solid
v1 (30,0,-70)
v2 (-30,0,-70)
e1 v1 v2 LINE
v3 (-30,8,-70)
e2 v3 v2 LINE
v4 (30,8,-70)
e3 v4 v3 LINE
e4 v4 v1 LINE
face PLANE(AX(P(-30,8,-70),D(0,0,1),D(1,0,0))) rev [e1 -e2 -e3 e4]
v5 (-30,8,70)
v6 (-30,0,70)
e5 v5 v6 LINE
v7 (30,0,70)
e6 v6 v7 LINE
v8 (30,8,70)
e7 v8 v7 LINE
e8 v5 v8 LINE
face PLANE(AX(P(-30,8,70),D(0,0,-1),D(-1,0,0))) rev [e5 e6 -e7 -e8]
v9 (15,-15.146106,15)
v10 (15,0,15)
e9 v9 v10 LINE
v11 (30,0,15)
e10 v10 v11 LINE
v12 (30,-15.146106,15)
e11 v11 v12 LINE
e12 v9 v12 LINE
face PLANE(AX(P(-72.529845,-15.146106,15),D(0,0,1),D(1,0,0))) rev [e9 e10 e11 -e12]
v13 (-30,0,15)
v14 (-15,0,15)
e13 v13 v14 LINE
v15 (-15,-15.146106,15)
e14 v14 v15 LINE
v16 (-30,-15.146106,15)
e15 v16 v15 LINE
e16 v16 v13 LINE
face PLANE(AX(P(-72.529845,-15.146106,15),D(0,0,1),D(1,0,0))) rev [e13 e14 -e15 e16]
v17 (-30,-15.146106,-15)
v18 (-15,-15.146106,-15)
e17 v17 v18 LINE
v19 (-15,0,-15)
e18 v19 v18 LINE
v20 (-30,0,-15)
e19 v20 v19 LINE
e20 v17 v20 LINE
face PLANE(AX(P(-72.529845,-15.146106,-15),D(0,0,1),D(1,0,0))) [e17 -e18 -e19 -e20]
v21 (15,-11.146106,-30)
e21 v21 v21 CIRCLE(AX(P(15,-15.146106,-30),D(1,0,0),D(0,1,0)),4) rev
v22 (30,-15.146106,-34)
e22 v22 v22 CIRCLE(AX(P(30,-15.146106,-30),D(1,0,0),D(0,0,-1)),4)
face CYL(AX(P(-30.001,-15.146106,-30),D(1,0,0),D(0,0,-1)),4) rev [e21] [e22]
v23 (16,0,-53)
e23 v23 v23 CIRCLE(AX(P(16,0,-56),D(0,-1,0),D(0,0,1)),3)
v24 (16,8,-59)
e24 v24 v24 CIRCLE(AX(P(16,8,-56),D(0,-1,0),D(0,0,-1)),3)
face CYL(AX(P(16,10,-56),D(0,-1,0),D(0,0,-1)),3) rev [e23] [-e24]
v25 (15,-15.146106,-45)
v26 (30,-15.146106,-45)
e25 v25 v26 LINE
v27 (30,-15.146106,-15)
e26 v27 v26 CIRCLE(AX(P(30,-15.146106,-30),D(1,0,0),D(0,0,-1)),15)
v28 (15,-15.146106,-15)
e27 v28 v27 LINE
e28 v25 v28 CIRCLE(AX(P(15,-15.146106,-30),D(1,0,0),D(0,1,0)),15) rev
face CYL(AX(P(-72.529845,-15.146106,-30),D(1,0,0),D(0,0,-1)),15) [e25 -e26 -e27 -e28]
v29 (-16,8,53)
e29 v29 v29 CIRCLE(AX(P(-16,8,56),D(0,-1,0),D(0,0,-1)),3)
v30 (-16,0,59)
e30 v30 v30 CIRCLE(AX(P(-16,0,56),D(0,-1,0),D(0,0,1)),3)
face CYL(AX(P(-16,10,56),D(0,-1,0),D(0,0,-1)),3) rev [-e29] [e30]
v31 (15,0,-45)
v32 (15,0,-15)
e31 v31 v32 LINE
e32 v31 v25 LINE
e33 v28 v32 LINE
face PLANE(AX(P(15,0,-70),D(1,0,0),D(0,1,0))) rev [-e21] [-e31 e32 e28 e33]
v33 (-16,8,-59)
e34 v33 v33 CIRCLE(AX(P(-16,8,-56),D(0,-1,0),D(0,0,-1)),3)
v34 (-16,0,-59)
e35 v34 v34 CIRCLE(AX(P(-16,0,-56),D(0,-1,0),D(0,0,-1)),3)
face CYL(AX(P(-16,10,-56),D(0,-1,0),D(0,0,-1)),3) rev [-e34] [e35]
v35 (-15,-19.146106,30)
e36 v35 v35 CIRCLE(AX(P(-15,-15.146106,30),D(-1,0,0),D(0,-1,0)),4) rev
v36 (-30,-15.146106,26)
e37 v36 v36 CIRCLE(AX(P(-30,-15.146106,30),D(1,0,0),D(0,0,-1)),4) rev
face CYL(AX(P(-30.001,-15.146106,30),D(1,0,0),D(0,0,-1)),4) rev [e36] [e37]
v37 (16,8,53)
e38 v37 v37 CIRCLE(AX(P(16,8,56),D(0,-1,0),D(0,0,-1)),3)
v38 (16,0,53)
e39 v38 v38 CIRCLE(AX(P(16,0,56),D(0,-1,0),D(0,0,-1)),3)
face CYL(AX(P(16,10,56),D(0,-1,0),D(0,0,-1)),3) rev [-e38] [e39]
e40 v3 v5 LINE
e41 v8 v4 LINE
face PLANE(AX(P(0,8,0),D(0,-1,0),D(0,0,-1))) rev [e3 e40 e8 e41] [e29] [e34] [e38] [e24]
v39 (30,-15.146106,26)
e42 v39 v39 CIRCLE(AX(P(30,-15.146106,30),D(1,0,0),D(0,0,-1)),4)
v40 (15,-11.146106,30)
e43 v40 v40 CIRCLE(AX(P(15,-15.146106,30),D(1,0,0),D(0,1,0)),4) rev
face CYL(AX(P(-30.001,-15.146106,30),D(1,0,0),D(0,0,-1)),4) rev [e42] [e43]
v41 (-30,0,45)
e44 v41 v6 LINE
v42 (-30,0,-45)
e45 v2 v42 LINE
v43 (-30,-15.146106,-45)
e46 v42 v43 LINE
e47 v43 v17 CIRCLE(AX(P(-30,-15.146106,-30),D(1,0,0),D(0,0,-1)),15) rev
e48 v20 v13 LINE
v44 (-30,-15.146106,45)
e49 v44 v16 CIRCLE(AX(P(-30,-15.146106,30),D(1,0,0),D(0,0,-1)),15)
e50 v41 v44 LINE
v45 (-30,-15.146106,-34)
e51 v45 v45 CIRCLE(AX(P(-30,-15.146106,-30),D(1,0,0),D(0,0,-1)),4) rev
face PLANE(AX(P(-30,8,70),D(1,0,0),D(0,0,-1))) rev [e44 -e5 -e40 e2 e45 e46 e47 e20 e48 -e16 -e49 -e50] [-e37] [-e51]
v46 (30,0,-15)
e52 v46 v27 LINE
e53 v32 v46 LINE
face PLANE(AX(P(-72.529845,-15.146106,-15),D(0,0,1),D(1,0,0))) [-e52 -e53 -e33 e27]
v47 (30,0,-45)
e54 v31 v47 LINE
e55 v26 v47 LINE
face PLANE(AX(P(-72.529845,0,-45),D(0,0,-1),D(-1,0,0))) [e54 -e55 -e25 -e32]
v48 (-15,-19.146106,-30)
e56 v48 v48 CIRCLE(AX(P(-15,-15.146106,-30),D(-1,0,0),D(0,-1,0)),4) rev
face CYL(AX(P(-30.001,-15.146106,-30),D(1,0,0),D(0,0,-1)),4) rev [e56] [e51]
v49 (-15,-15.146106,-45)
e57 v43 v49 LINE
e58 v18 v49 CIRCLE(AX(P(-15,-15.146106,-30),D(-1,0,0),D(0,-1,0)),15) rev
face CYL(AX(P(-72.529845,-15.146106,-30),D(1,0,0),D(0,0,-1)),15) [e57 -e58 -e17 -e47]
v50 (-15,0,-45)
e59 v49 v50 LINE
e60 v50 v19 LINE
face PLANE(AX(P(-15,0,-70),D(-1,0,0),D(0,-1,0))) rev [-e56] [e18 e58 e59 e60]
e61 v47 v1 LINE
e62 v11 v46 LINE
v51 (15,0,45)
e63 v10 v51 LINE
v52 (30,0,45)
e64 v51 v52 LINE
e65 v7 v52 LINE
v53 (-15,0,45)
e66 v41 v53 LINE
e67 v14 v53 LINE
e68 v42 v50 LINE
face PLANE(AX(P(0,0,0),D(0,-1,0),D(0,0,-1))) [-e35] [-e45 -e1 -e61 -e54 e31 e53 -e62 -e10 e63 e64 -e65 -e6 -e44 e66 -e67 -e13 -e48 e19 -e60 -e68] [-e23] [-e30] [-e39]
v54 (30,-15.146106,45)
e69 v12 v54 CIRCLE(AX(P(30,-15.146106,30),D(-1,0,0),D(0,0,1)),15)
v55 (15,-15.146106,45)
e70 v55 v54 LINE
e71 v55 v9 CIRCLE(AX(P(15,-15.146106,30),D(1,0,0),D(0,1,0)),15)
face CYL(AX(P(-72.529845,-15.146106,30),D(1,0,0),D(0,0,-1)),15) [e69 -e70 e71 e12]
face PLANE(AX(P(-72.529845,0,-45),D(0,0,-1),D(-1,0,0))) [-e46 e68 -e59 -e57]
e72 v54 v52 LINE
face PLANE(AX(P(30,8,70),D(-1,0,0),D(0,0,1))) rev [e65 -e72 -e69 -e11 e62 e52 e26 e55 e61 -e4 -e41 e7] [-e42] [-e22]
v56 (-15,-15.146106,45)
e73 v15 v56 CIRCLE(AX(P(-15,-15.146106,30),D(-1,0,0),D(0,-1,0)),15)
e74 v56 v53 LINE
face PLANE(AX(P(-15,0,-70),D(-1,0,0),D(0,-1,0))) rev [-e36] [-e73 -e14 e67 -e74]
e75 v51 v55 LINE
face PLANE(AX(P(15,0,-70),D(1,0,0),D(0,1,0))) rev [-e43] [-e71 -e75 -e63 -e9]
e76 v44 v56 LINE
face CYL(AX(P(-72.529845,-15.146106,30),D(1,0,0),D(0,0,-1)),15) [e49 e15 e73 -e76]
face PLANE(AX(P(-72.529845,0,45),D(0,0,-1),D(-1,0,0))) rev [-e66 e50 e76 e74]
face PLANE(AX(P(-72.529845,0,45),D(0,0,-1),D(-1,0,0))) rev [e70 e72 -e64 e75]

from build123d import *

# Parameters (mm, degrees)
SKETCH1_W           = 60
SKETCH1_H           = 140
BOSS_EXTRUDE1_DEPTH = 8
BOSS_EXTRUDE2_DEPTH = 60
CUT_EXTRUDE1_REACH  = 98.999
SKETCH5_R           = 4
SKETCH6_W           = 30
SKETCH6_H           = 30.146106113
CUT_EXTRUDE2_DEPTH  = 147.317421088
SKETCH7_R           = 3
CUT_EXTRUDE3_DEPTH  = 10


with BuildPart() as part:
    # Sketch1 → Boss-Extrude1 (new body)
    with BuildSketch(Plane(origin=(0, 0, 0), x_dir=(1, 0, 0), z_dir=(0, 1, 0))):
        Rectangle(SKETCH1_W, SKETCH1_H)
    extrude(amount=BOSS_EXTRUDE1_DEPTH)

    # Sketch3 → Boss-Extrude2 (add)
    with BuildSketch(Plane(origin=(30, 0, 0), x_dir=(0, 0, -1), z_dir=(1, 0, 0))):
        with BuildLine():
            Line((15, -15.146106113), (15, 0))
            Line((15, 0), (45, 0))
            Line((45, 0), (45, -15.146106113))
            ThreePointArc((45, -15.146106113), (30, -30.146106113), (15, -15.146106113))
        make_face()
    boss_extrude2 = extrude(amount=-BOSS_EXTRUDE2_DEPTH)

    # Mirror1: Boss-Extrude2 across plane
    add(boss_extrude2.mirror(Plane.XY))

    # Sketch5 → Cut-Extrude1 (cut, up to next)
    with BuildSketch(Plane(origin=(30, 0, 0), x_dir=(0, 0, -1), z_dir=(1, 0, 0)), mode=Mode.PRIVATE) as cut_extrude1_sk1:
        with Locations((30, -15.146106113)):
            Circle(SKETCH5_R)
    cut_extrude1_tool1 = extrude(cut_extrude1_sk1.sketch, amount=-CUT_EXTRUDE1_REACH, mode=Mode.PRIVATE) & part.part
    # Sketch5 → Cut-Extrude1 (cut, up to next)
    with BuildSketch(Plane(origin=(30, 0, 0), x_dir=(0, 0, -1), z_dir=(1, 0, 0)), mode=Mode.PRIVATE) as cut_extrude1_sk2:
        with Locations((-30, -15.146106113)):
            Circle(SKETCH5_R)
    cut_extrude1_tool2 = extrude(cut_extrude1_sk2.sketch, amount=-CUT_EXTRUDE1_REACH, mode=Mode.PRIVATE) & part.part
    add(cut_extrude1_tool1.solids().sort_by_distance((30, -15.146106, -30))[0], mode=Mode.SUBTRACT)
    add(cut_extrude1_tool2.solids().sort_by_distance((30, -15.146106, 30))[0], mode=Mode.SUBTRACT)

    # Sketch6 → Cut-Extrude2 (cut, through all)
    with BuildSketch(Plane.XY.offset(70)):
        with Locations((0, -15.073053057)):
            Rectangle(SKETCH6_W, SKETCH6_H)
    extrude(amount=-CUT_EXTRUDE2_DEPTH, mode=Mode.SUBTRACT)

    # Sketch7 → Cut-Extrude3 (cut)
    with BuildSketch(Plane.XZ):
        with Locations(Location((-16, -56, 0), (0, 0, 270))):
            Circle(SKETCH7_R)
        with Locations(Location((-16, 56, 0), (0, 0, 270))):
            Circle(SKETCH7_R)
        with Locations(Location((16, 56, 0), (0, 0, 270))):
            Circle(SKETCH7_R)
        with Locations(Location((16, -56, 0), (0, 0, 270))):
            Circle(SKETCH7_R)
    extrude(amount=-CUT_EXTRUDE3_DEPTH, mode=Mode.SUBTRACT)


solid = part.part
